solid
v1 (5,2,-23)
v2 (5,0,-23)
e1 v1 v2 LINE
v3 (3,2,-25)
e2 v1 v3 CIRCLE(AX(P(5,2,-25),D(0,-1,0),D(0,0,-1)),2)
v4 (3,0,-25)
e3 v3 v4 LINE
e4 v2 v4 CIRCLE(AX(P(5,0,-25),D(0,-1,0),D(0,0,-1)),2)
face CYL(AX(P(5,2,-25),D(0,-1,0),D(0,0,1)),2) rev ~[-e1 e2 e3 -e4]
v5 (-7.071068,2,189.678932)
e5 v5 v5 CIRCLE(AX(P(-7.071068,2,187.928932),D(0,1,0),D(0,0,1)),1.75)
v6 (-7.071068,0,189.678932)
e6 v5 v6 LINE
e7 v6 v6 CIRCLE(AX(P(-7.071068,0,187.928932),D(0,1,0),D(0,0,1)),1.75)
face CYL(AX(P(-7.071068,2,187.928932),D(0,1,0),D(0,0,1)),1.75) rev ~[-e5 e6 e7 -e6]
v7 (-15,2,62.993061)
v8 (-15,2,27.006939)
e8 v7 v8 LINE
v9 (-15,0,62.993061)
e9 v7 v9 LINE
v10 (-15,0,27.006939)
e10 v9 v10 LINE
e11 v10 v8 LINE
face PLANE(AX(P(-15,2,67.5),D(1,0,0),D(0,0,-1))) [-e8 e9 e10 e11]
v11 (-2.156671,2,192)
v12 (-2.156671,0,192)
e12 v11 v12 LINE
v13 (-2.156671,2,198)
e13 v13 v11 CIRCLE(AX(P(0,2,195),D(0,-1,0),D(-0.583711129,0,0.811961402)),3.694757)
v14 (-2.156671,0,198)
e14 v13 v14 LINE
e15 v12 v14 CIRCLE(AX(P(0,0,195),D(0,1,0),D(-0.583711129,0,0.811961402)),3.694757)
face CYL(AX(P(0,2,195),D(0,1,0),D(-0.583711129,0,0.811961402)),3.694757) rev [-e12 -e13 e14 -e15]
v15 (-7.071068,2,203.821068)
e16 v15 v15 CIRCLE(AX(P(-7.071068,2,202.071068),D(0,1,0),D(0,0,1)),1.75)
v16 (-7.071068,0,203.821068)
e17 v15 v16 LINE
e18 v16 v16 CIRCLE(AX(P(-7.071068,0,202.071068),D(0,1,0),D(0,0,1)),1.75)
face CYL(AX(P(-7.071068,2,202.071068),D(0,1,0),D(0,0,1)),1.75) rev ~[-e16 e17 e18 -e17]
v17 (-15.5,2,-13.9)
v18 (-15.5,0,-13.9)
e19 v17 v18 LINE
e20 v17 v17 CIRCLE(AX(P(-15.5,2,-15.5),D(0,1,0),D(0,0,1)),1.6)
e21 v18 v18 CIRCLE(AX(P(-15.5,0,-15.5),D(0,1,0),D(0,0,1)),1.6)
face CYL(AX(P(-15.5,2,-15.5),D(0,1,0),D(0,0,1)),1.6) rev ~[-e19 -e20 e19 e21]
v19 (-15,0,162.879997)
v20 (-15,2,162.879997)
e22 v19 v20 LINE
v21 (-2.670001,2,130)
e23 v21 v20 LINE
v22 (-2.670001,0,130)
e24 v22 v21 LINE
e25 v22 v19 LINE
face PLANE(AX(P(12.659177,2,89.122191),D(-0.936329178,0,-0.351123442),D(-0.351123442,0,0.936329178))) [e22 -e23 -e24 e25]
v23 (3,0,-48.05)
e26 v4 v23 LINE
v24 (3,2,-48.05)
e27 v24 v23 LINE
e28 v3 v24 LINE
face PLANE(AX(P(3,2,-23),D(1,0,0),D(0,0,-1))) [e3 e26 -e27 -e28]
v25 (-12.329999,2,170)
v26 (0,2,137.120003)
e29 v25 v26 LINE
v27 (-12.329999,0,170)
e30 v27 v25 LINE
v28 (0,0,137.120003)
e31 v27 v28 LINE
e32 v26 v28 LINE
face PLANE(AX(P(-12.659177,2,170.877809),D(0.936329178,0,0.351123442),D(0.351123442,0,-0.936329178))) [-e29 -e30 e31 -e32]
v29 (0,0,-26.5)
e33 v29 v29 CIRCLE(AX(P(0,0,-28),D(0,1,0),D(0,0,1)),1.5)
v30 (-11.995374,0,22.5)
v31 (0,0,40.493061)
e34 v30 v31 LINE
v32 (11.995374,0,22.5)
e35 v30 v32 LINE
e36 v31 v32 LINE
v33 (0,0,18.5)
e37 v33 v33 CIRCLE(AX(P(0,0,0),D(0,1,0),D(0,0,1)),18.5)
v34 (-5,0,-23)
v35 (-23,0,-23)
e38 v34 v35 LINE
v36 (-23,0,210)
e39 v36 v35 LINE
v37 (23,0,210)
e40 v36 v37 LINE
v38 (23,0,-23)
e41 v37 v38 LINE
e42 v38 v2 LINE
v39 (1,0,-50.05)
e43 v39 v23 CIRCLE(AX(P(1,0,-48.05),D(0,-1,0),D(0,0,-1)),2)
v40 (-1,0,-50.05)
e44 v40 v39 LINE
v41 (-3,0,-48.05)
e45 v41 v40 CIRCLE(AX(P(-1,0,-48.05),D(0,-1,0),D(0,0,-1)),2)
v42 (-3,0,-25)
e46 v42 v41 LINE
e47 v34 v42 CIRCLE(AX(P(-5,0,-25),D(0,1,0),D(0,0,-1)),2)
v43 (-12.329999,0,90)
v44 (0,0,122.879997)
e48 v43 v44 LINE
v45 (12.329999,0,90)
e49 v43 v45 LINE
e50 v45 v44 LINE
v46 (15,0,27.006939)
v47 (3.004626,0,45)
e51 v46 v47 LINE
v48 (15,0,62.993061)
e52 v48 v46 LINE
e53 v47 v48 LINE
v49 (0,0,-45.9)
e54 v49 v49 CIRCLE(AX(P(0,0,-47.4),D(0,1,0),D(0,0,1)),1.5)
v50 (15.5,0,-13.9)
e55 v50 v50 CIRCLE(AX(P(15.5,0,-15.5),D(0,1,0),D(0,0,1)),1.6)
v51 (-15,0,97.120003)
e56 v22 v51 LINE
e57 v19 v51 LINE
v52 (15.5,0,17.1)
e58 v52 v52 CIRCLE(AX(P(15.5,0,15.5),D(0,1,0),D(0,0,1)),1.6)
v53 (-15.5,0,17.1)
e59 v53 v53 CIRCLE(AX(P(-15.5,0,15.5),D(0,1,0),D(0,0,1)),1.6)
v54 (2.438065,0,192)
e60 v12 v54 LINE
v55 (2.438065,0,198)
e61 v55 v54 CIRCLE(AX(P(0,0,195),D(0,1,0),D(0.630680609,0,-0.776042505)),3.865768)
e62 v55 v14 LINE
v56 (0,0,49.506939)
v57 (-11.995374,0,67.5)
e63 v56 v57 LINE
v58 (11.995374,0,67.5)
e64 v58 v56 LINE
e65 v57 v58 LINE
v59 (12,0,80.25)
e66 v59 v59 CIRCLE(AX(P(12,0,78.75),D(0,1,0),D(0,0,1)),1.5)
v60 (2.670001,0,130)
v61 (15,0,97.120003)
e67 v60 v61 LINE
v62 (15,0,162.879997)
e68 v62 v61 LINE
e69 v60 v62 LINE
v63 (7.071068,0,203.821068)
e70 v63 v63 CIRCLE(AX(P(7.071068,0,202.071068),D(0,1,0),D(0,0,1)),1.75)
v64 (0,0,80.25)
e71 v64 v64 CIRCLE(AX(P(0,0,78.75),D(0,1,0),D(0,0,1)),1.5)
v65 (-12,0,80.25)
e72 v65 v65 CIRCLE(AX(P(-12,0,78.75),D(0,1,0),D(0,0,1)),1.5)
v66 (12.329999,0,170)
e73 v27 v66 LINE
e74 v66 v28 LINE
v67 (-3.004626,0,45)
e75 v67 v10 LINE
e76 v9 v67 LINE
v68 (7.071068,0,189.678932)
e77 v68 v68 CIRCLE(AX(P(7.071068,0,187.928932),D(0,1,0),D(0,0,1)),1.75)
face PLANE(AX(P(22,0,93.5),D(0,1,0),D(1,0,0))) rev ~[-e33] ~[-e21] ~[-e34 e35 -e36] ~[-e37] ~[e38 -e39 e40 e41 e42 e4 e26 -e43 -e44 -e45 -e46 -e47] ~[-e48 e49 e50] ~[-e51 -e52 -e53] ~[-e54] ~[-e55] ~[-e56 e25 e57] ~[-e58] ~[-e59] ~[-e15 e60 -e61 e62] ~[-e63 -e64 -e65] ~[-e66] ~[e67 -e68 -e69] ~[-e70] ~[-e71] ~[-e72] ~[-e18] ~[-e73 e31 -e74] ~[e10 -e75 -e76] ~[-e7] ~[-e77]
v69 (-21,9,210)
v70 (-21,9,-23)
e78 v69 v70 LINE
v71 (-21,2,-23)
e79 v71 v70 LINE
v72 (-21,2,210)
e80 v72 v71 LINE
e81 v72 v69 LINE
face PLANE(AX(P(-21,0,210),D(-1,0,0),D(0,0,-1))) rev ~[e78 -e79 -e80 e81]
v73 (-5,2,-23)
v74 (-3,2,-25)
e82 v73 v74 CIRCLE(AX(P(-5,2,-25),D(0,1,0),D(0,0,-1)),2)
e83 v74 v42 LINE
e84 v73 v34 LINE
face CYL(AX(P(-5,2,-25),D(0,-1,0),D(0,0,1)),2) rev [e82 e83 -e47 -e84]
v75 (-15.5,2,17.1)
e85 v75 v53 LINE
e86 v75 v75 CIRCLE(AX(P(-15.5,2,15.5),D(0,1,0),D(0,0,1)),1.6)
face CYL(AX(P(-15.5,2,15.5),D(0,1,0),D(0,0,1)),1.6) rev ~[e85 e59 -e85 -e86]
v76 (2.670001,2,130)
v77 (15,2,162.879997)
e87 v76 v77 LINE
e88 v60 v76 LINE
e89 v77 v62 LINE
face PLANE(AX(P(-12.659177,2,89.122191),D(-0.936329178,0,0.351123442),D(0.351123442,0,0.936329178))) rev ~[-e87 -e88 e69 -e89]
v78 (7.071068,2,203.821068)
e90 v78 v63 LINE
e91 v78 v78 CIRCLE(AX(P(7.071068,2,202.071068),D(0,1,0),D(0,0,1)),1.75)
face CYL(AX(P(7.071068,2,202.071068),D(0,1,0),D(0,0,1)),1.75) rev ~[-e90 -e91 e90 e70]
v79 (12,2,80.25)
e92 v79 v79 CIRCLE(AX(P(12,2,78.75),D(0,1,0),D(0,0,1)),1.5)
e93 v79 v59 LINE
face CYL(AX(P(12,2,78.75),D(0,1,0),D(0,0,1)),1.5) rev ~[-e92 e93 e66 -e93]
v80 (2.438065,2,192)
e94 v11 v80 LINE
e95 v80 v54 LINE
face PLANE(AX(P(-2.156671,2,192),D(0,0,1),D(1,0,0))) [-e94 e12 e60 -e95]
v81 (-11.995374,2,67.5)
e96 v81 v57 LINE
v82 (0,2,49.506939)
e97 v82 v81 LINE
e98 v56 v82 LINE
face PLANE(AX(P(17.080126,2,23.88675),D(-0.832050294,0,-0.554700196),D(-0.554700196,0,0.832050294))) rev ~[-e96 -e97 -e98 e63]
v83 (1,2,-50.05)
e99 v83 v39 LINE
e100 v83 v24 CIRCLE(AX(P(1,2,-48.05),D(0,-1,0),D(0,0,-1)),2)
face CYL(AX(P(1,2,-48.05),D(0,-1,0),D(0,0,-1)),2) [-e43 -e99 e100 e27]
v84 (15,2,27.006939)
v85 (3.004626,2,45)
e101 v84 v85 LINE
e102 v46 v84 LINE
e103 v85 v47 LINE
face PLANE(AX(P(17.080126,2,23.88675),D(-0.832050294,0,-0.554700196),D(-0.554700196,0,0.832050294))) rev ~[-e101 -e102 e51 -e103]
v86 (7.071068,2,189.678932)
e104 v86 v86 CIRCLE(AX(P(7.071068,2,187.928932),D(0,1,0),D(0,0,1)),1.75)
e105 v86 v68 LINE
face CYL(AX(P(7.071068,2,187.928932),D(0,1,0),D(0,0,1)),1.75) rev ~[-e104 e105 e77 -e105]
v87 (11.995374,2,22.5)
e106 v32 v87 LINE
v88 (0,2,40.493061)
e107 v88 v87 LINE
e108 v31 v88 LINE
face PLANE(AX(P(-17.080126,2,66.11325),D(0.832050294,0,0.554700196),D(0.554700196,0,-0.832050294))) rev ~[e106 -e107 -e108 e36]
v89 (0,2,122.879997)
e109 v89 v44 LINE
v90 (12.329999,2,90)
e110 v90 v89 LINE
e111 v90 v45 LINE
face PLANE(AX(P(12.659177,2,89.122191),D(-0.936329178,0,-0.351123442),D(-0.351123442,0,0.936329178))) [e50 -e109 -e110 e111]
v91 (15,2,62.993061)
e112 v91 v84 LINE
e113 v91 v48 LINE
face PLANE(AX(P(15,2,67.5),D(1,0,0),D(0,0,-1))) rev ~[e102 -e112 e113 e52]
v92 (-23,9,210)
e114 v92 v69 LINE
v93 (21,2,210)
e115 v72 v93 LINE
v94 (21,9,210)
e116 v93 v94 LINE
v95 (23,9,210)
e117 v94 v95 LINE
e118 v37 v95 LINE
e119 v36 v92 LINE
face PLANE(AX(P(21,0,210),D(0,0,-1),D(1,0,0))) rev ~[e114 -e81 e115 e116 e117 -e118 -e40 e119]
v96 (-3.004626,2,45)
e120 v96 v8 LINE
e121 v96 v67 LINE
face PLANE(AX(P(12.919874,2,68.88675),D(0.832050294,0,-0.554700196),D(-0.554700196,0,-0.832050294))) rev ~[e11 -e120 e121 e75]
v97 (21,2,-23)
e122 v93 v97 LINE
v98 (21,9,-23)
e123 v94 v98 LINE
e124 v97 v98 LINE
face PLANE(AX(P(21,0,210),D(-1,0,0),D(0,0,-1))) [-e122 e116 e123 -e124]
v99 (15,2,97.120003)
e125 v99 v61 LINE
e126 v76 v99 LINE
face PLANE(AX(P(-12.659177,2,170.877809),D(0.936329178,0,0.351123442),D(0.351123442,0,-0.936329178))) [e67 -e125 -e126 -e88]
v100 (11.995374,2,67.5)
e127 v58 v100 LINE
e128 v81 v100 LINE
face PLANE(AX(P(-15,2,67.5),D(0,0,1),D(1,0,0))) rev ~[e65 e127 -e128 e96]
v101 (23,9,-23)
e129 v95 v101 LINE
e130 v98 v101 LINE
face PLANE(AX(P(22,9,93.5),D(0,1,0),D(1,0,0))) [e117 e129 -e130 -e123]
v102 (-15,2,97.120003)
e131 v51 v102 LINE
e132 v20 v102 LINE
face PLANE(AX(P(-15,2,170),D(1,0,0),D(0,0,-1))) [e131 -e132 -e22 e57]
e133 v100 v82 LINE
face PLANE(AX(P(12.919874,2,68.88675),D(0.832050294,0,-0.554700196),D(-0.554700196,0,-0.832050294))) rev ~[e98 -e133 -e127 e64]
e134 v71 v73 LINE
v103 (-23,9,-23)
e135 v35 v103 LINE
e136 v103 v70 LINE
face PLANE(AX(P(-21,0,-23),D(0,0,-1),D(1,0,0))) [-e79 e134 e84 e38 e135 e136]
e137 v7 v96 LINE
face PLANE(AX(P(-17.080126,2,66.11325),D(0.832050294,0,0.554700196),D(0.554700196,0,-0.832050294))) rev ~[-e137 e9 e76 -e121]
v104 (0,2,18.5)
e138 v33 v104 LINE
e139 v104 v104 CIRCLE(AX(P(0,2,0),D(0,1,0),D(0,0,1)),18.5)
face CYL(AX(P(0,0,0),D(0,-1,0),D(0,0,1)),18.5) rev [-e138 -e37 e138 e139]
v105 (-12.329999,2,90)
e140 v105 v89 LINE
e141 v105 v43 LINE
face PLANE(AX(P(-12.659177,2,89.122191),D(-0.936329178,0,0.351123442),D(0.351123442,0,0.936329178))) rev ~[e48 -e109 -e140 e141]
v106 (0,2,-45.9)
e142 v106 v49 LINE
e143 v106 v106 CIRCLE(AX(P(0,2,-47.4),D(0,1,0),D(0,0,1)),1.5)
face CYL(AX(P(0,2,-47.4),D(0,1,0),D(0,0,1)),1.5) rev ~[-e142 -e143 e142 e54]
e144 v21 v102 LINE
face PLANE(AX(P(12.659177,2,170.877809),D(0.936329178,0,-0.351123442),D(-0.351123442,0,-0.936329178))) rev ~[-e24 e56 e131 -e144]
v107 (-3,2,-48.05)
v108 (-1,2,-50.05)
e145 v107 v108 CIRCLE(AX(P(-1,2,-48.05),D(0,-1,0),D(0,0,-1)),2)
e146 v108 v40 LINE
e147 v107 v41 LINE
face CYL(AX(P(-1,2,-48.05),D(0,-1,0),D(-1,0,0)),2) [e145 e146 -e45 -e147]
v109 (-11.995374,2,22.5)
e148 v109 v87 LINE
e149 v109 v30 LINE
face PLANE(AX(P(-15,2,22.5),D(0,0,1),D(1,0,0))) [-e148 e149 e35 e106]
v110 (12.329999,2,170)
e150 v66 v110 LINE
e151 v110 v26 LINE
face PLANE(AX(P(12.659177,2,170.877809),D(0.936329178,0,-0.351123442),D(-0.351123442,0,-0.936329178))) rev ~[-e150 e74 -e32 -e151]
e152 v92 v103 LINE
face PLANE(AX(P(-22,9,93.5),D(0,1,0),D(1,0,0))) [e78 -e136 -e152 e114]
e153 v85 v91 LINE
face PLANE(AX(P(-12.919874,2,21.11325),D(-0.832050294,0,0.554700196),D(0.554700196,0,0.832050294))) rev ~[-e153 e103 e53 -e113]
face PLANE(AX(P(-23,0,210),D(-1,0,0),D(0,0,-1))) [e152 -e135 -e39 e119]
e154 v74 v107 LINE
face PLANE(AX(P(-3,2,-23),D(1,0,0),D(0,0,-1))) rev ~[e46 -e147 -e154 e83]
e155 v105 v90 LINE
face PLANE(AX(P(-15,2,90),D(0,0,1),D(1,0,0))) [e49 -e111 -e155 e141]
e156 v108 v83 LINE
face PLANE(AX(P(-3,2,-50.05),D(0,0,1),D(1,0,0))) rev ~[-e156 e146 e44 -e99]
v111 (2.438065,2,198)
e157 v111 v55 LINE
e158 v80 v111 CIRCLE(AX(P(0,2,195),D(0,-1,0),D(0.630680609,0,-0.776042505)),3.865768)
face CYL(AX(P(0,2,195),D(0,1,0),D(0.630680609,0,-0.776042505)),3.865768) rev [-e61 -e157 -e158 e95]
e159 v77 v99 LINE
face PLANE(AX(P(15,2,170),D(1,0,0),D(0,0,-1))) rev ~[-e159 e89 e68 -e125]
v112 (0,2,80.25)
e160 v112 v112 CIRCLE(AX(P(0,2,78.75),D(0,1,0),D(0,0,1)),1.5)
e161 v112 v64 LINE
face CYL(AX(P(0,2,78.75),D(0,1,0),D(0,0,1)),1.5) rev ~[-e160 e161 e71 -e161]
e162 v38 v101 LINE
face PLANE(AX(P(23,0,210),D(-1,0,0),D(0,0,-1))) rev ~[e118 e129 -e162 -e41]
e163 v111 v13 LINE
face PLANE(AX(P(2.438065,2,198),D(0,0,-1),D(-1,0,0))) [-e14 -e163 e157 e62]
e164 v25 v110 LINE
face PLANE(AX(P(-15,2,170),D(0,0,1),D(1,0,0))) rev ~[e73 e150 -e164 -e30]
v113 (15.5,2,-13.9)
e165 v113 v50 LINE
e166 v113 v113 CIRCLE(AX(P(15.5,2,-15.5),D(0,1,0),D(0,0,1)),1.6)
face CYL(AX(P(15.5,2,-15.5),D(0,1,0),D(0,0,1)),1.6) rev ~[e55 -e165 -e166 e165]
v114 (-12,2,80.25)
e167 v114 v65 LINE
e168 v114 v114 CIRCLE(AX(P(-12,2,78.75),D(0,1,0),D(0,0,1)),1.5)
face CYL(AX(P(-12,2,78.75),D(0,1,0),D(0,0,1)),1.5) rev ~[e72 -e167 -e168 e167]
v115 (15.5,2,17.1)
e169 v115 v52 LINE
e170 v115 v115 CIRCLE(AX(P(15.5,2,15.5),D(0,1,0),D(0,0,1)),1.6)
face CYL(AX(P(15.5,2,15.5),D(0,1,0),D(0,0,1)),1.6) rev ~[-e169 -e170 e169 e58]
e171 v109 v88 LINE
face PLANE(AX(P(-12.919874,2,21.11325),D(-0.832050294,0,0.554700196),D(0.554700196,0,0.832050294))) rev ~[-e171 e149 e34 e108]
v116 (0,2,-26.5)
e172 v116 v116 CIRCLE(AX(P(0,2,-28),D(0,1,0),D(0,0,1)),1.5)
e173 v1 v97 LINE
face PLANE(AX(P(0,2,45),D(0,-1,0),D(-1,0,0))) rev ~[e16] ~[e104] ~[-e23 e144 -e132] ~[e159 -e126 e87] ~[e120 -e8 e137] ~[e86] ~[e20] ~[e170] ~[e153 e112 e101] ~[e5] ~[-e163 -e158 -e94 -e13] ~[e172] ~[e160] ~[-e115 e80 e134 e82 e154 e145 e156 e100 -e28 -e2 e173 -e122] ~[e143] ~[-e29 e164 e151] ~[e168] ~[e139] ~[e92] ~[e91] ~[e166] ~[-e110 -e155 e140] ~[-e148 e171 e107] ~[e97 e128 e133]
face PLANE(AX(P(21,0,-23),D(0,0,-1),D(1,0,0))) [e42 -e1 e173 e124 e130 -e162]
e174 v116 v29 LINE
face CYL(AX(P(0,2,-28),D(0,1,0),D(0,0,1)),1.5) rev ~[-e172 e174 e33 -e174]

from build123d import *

# Parameters (mm, degrees)
SKETCH_2_W           = 42
SKETCH_2_H           = 46
SKETCH_2_R           = 18.5
EXTRUDE_1_DEPTH      = 2
SKETCH_3_R           = 1.6
CUT_EXTRUDE_1_DEPTH  = 32.208973069
SKETCH_4_W           = 42
SKETCH_4_H           = 187
EXTRUDE_2_DEPTH      = 2
SKETCH_7_W           = 6
SKETCH_7_H           = 27.05
SKETCH_7_R           = 1.5
EXTRUDE_4_DEPTH      = 2
FILLET_3_R           = 2
SKETCH_5_R           = 1.75
CUT_EXTRUDE_2_DEPTH  = 212.056864375
SKETCH_9_W           = 30
SKETCH_9_H           = 80
SKETCH_9_H_2         = 45
CUT_EXTRUDE_4_DEPTH  = 212.056864375
EXTRUDE_5_DEPTH      = 2
EXTRUDE_6_DEPTH      = 2
EXTRUDE_7_DEPTH      = 7
EXTRUDE_7_DEPTH_BACK = 2
SKETCH_13_W          = 2
SKETCH_13_H          = 233
SKETCH_15_R          = 1.5
CUT_EXTRUDE_5_DEPTH  = 212.371710501


with BuildPart() as part:
    # 草图2 → 凸台-拉伸1 (new body)
    with BuildSketch(Plane(origin=(0, 0, 0), x_dir=(1, 0, 0), z_dir=(0, 1, 0))):
        Rectangle(SKETCH_2_W, SKETCH_2_H)
        Circle(SKETCH_2_R, mode=Mode.SUBTRACT)
    extrude(amount=EXTRUDE_1_DEPTH)

    # 草图3 → 切除-拉伸1 (cut, through all)
    with BuildSketch(Plane(origin=(0, 2, 0), x_dir=(1, 0, 0), z_dir=(0, 1, 0))):
        with Locations((-15.5, 15.5)):
            Circle(SKETCH_3_R)
        with Locations((15.5, 15.5)):
            Circle(SKETCH_3_R)
        with Locations((-15.5, -15.5)):
            Circle(SKETCH_3_R)
        with Locations((15.5, -15.5)):
            Circle(SKETCH_3_R)
    extrude(amount=-CUT_EXTRUDE_1_DEPTH, mode=Mode.SUBTRACT)

    # 草图4 → 凸台-拉伸2 (add)
    with BuildSketch(Plane(origin=(0, 2, 0), x_dir=(1, 0, 0), z_dir=(0, 1, 0))):
        with Locations((0, -116.5)):
            Rectangle(SKETCH_4_W, SKETCH_4_H)
    extrude(amount=-EXTRUDE_2_DEPTH)

    # 草图7 → 凸台-拉伸4 (add)
    with BuildSketch(Plane(origin=(0, 2, 0), x_dir=(1, 0, 0), z_dir=(0, 1, 0))):
        with Locations((0, 36.525)):
            Rectangle(SKETCH_7_W, SKETCH_7_H)
        with Locations((0, 47.4)):
            Circle(SKETCH_7_R, mode=Mode.SUBTRACT)
        with Locations((0, 28)):
            Circle(SKETCH_7_R, mode=Mode.SUBTRACT)
    extrude(amount=-EXTRUDE_4_DEPTH)

    # 圆角3
    fillet_3_edges = [part.edges().sort_by_distance(p)[0] for p in [
        (3, 1, -23),
        (3, 1, -50.05),
        (-3, 1, -23),
        (-3, 1, -50.05),
    ]]
    fillet(fillet_3_edges, radius=FILLET_3_R)

    # 草图5 → 切除-拉伸2 (cut, through all)
    with BuildSketch(Plane(origin=(0, 2, 0), x_dir=(1, 0, 0), z_dir=(0, 1, 0))):
        with Locations((-7.071067812, -202.071067812)):
            Circle(SKETCH_5_R)
        with Locations((7.071067812, -202.071067812)):
            Circle(SKETCH_5_R)
        with Locations((-7.071067812, -187.928932188)):
            Circle(SKETCH_5_R)
        with Locations((7.071067812, -187.928932188)):
            Circle(SKETCH_5_R)
        with BuildLine():
            Line((-2.156670728, -192), (2.438064686, -192))
            ThreePointArc((2.438064686, -192), (3.865767636, -195), (2.438064686, -198))
            Line((2.438064686, -198), (-2.156670728, -198))
            ThreePointArc((-2.156670728, -198), (-3.694756911, -195), (-2.156670728, -192))
        make_face()
    extrude(amount=-CUT_EXTRUDE_2_DEPTH, mode=Mode.SUBTRACT)

    # 草图9 → 切除-拉伸4 (cut, through all)
    with BuildSketch(Plane(origin=(0, 2, 0), x_dir=(1, 0, 0), z_dir=(0, 1, 0))):
        with Locations((0, -130)):
            Rectangle(SKETCH_9_W, SKETCH_9_H)
        with Locations((0, -45)):
            Rectangle(SKETCH_9_W, SKETCH_9_H_2)
    extrude(amount=-CUT_EXTRUDE_4_DEPTH, mode=Mode.SUBTRACT)

    # 草图10 → 凸台-拉伸5 (add)
    with BuildSketch(Plane(origin=(0, 2, 0), x_dir=(1, 0, 0), z_dir=(0, 1, 0))):
        Polygon((12.919874264, -68.886750491), (-17.080125736, -23.886750491), (-12.919874264, -21.113249509), (17.080125736, -66.113249509), align=None)
        Polygon((12.659177056, -170.877808604), (-17.340822944, -90.877808604), (-12.659177056, -89.122191396), (17.340822944, -169.122191396), align=None)
    extrude(amount=-EXTRUDE_5_DEPTH)

    # 草图11 → 凸台-拉伸6 (add)
    with BuildSketch(Plane(origin=(0, 2, 0), x_dir=(1, 0, 0), z_dir=(0, 1, 0))):
        Polygon((-17.080125736, -66.113249509), (12.919874264, -21.113249509), (17.080125736, -23.886750491), (-12.919874264, -68.886750491), align=None)
        Polygon((-12.659177056, -170.877808604), (17.340822944, -90.877808604), (12.659177056, -89.122191396), (-17.340822944, -169.122191396), align=None)
    extrude(amount=-EXTRUDE_6_DEPTH)

    # 草图13 → 凸台-拉伸7 (add, two sides: drawn at the far end of the back side and taken through both)
    with BuildSketch(Plane(origin=(0, 2, 0), x_dir=(1, 0, 0), z_dir=(0, 1, 0)).offset(-EXTRUDE_7_DEPTH_BACK)):
        with Locations((22, -93.5)):
            Rectangle(SKETCH_13_W, SKETCH_13_H)
        with Locations((-22, -93.5)):
            Rectangle(SKETCH_13_W, SKETCH_13_H)
    extrude(amount=EXTRUDE_7_DEPTH + EXTRUDE_7_DEPTH_BACK)

    # 草图15 → 切除-拉伸5 (cut, through all)
    with BuildSketch(Plane(origin=(0, 2, 0), x_dir=(1, 0, 0), z_dir=(0, 1, 0))):
        with Locations((0, -78.75)):
            Circle(SKETCH_15_R)
        with Locations((-12, -78.75)):
            Circle(SKETCH_15_R)
        with Locations((12, -78.75)):
            Circle(SKETCH_15_R)
    extrude(amount=-CUT_EXTRUDE_5_DEPTH, mode=Mode.SUBTRACT)


solid = part.part
